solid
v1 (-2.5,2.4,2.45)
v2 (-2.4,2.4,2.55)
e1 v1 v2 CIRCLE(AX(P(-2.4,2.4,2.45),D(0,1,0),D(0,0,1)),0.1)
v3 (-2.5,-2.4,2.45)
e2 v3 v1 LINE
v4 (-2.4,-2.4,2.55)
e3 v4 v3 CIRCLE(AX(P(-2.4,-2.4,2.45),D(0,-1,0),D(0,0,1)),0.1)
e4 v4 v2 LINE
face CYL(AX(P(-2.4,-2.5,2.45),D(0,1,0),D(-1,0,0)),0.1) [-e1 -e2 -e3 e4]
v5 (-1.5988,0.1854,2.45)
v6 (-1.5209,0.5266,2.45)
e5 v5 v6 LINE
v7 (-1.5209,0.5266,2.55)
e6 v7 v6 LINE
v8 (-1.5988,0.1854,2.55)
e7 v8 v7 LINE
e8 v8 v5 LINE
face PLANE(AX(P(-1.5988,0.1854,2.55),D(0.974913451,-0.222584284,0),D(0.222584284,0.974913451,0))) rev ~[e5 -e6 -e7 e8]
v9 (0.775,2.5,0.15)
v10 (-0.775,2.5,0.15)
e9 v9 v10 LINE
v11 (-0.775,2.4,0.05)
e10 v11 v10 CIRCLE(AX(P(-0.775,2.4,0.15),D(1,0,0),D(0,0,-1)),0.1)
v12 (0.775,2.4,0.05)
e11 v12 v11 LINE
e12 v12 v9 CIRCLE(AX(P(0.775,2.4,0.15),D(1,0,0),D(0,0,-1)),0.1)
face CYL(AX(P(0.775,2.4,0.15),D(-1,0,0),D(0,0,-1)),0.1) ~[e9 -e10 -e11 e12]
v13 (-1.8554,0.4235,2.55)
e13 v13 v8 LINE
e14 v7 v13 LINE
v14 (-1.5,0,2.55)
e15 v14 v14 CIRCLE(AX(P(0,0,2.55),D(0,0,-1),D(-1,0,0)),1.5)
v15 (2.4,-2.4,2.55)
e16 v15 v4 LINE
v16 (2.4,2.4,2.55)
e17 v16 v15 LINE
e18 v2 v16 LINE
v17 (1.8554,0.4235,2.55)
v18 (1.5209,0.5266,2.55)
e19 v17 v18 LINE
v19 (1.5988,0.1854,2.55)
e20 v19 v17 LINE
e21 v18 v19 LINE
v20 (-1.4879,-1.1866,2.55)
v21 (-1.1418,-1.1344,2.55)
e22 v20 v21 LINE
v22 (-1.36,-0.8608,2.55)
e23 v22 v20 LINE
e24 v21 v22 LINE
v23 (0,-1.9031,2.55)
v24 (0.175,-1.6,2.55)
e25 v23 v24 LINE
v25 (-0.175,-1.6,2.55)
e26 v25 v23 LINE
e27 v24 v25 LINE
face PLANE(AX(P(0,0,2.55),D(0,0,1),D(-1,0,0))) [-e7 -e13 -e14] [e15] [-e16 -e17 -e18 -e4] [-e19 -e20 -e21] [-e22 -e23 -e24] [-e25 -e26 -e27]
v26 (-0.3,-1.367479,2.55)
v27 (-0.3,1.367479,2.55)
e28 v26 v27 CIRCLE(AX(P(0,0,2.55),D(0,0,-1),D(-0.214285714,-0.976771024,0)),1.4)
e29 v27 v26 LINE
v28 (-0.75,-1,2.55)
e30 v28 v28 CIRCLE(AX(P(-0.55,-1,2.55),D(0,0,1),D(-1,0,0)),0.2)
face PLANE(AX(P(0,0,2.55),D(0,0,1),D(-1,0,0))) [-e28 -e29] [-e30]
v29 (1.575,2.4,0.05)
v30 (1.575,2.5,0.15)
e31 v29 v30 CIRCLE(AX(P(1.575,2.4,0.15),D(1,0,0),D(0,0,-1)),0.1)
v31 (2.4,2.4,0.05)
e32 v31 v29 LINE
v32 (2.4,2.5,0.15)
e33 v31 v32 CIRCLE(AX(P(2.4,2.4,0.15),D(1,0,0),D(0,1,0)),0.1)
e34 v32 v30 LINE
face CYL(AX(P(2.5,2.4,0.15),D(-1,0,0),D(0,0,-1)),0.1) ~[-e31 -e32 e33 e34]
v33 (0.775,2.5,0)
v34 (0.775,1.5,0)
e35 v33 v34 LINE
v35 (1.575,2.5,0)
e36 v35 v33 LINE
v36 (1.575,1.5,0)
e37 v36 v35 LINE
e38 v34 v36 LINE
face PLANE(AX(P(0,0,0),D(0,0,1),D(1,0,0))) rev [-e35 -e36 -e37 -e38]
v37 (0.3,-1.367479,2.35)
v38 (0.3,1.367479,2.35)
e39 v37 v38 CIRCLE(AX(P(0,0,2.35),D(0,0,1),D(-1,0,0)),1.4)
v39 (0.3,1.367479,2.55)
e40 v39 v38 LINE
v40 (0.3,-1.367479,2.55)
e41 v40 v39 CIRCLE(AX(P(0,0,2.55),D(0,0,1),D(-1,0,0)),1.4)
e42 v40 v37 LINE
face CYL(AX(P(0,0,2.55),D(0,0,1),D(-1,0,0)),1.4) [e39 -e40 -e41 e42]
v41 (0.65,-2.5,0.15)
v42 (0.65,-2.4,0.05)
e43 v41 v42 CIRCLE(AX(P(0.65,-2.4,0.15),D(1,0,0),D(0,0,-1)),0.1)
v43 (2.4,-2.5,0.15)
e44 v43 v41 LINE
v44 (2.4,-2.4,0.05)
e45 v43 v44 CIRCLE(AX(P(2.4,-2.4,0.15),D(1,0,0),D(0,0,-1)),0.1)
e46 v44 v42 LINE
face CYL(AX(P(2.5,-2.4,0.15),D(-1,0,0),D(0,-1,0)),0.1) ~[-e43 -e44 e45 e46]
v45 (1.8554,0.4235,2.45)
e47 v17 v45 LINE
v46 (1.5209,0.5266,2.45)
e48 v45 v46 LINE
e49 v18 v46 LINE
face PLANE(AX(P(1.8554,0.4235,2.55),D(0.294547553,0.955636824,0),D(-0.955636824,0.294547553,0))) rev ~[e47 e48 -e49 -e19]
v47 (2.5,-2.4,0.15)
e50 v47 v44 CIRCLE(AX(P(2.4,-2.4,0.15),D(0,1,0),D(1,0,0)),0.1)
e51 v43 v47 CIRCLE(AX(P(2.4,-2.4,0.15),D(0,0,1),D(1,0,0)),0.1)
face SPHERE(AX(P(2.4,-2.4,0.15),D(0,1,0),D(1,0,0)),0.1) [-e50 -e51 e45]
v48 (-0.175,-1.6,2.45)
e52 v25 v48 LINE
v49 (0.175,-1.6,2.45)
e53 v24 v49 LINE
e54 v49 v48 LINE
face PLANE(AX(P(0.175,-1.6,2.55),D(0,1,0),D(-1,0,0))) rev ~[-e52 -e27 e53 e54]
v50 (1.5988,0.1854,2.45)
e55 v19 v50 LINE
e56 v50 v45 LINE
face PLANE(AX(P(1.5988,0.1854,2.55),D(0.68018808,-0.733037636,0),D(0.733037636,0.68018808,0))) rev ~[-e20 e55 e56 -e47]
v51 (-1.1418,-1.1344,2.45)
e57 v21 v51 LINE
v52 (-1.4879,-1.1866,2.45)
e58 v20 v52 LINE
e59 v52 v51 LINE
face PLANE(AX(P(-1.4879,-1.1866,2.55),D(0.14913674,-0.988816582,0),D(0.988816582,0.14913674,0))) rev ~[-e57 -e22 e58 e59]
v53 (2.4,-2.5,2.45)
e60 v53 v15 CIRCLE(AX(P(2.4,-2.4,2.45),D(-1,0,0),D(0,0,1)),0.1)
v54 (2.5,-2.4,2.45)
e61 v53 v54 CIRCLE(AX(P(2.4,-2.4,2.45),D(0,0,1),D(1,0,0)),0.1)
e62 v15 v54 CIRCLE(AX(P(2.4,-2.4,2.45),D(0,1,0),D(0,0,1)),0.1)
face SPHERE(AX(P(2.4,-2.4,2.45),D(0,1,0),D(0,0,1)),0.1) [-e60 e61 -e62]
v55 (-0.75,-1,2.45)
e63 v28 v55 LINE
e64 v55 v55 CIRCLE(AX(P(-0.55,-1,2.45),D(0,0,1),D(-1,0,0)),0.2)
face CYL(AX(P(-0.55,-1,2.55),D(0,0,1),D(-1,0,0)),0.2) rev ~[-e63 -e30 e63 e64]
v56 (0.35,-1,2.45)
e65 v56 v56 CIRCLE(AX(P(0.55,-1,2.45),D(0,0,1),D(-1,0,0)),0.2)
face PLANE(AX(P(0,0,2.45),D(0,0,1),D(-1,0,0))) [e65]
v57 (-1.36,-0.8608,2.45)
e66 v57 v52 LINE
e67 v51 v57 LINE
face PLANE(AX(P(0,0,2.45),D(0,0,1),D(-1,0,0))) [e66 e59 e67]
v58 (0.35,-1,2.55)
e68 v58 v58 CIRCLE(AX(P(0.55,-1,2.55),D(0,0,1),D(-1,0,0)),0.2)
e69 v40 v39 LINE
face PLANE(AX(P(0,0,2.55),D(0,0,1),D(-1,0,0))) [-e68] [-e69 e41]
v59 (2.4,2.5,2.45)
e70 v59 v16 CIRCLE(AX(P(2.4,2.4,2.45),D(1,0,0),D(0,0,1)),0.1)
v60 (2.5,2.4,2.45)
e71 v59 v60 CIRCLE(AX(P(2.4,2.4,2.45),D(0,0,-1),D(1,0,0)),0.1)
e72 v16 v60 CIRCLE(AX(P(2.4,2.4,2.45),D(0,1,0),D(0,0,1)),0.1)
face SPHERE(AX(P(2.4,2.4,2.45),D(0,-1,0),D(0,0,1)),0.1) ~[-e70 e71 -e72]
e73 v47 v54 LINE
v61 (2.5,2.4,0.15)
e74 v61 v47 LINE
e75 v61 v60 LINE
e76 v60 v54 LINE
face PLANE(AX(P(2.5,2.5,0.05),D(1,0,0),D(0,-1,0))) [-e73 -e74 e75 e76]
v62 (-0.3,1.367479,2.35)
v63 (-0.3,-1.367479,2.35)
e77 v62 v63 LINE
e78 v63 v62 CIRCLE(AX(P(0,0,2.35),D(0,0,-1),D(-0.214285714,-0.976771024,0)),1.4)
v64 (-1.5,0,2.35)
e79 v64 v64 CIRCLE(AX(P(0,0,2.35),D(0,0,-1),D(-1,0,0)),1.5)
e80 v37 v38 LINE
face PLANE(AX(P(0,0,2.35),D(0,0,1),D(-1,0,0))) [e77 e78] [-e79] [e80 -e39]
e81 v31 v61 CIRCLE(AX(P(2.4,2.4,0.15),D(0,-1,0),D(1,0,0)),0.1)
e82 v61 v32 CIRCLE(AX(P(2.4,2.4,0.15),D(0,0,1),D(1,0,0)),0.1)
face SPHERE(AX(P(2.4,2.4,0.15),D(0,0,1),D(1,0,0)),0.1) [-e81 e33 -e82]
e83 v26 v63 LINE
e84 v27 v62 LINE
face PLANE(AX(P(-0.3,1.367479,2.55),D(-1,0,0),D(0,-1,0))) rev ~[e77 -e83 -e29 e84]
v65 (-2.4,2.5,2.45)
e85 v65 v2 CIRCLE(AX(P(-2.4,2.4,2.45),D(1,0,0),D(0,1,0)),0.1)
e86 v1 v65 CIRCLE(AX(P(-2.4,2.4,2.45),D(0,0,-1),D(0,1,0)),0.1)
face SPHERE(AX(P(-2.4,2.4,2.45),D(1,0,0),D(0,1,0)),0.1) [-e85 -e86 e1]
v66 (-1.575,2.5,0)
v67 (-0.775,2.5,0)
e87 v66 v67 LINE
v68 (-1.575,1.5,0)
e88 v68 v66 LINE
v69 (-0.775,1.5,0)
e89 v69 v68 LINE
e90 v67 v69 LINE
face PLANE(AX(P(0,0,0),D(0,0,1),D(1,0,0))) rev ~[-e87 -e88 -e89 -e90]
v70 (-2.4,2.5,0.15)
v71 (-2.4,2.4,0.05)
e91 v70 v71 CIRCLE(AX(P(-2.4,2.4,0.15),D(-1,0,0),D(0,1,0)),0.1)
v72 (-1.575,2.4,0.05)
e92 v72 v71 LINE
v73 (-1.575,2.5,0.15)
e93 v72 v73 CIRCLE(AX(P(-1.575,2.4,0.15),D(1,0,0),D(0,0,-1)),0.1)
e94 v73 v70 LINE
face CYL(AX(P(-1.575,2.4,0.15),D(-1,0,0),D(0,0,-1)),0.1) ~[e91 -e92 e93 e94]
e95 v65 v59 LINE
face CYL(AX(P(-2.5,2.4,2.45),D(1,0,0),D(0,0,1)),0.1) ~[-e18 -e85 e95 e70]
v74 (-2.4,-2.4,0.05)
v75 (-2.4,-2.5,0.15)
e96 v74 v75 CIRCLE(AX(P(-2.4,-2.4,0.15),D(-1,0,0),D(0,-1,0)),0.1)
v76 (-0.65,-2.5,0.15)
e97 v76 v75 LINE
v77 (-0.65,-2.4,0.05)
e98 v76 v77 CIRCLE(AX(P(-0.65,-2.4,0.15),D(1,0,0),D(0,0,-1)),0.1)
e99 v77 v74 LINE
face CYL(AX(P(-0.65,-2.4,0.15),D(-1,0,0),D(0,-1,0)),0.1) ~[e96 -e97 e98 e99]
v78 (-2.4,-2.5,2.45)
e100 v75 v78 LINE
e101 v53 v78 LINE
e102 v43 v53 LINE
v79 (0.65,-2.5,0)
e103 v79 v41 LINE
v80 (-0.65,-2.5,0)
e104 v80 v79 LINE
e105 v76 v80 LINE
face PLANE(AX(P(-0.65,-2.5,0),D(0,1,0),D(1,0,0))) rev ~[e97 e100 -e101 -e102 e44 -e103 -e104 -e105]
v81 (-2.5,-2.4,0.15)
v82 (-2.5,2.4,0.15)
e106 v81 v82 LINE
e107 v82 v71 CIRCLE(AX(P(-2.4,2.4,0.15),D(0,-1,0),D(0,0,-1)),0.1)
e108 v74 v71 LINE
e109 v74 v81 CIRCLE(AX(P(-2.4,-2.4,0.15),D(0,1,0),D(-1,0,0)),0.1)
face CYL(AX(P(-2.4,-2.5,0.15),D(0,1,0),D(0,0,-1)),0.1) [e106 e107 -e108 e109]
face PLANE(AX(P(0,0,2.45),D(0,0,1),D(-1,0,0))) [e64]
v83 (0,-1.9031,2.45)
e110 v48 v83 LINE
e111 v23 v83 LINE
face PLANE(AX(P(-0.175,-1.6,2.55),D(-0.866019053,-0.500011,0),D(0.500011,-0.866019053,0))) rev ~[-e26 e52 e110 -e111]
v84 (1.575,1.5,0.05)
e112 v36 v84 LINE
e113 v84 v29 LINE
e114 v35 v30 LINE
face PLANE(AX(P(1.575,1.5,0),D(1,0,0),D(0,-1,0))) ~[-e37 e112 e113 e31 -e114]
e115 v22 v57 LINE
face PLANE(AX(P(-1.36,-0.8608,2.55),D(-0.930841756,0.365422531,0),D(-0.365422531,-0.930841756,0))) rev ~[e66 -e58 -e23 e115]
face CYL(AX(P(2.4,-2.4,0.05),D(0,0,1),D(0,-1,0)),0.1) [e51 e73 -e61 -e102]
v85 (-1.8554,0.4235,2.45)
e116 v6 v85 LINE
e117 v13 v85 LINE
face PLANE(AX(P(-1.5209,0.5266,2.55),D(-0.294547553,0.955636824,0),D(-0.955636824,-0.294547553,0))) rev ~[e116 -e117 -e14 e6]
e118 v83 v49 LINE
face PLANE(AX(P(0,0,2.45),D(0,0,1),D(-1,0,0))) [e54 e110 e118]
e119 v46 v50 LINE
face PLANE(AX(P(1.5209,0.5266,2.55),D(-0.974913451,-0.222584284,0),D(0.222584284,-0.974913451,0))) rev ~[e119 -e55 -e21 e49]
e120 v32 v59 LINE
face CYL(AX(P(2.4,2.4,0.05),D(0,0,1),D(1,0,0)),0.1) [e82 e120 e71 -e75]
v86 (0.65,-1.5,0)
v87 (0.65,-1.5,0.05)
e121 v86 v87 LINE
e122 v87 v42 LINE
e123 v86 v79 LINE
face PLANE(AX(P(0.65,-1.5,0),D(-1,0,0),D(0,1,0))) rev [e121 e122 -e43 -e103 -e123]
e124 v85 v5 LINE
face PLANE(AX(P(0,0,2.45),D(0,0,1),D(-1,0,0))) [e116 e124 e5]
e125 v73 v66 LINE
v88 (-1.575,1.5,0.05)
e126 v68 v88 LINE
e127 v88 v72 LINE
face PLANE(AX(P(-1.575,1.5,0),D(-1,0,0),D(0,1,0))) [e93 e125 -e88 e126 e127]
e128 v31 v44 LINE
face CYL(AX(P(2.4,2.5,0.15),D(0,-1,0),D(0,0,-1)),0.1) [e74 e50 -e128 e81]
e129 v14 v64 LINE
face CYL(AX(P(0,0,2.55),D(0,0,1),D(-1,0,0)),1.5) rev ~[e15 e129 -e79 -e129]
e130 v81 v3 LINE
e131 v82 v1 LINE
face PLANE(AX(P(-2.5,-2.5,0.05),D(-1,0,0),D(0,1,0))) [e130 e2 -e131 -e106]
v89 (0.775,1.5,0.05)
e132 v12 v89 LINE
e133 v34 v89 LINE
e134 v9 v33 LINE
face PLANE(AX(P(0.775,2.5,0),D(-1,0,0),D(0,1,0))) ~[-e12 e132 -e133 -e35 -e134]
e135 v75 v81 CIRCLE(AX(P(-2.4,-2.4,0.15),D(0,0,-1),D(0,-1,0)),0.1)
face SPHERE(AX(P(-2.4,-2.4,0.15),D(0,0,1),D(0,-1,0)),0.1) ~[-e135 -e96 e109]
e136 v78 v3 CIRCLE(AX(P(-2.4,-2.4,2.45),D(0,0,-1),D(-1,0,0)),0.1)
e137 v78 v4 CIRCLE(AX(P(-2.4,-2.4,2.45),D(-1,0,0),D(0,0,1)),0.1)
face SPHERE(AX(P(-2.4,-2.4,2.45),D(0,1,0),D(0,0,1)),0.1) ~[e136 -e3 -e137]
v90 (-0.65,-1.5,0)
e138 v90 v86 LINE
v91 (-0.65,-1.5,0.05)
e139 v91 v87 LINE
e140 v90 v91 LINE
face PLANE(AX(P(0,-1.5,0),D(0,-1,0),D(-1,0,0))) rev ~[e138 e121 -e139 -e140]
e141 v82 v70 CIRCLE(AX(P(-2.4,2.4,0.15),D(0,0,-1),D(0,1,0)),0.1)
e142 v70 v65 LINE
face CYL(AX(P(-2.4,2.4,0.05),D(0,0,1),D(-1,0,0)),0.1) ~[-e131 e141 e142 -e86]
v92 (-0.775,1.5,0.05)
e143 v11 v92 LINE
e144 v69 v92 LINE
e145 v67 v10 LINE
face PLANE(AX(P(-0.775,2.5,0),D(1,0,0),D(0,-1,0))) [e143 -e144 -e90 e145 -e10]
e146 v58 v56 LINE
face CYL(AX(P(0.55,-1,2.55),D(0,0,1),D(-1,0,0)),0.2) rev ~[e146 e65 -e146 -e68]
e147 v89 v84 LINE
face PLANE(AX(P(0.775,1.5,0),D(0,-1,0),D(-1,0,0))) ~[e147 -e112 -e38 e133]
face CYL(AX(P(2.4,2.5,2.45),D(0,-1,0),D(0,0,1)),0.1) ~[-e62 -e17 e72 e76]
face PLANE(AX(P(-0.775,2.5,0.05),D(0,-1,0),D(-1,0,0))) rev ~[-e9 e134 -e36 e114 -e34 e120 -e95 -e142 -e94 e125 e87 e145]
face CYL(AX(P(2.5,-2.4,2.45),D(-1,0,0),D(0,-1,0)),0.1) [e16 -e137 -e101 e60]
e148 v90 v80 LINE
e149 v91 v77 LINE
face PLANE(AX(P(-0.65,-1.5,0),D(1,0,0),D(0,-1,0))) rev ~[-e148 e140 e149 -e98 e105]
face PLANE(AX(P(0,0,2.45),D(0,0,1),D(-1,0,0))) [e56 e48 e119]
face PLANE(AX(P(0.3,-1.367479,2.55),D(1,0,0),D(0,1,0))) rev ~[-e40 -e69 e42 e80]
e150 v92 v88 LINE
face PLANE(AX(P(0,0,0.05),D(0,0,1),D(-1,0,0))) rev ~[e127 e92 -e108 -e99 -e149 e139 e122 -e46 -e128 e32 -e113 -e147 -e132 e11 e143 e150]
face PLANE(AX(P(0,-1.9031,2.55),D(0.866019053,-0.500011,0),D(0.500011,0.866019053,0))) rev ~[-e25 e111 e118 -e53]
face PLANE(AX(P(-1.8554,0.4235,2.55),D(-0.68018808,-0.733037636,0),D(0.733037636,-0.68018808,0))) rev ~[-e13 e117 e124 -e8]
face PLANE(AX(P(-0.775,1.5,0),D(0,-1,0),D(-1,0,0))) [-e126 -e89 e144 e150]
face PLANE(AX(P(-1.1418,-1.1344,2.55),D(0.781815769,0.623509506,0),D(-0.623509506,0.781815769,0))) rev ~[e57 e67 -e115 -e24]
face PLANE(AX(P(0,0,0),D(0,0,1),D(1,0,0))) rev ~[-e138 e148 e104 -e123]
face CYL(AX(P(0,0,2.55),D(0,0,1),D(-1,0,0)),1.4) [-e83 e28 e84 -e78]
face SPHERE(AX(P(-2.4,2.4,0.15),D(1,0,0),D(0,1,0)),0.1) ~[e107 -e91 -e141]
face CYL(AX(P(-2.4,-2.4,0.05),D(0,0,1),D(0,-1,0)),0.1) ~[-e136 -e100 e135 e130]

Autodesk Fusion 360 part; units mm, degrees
sketch "Sketch1" plane through (0, 0, 0) normal (0, 0, 1) x (1, 0, 0)
  line L0 (-1.575, 2.5) -> (-0.775, 2.5)
  line L1 (-0.775, 2.5) -> (-0.775, 1.5)
  line L2 (-0.775, 1.5) -> (-1.575, 1.5)
  line L3 (-1.575, 1.5) -> (-1.575, 2.5)
  line L4 (0, -1.5) -> (-0.65, -1.5)
  line L5 (-0.65, -1.5) -> (-0.65, -2.5)
  line L6 (-0.65, -2.5) -> (0, -2.5)
  line L7 (0, -2.5) -> (0, -1.5)
  dimension "d1" = 0.65
  dimension "d2" = 0.8
  dimension "d3" = 1
  dimension "d4" = 1
  dimension "d5" = 0.775
  dimension "d6" = 2.5
  dimension "d7" = 2.5
  dimension "d8" = 0.65
extrude "Extrude1" add sketch "Sketch1" along normal blind 0.05 makes body 1 at (-1.3083, 2.1667, 0) makes body 2 at (-0.4333, -1.8333, 0)
mirror "Mirror1" about plane through (0, 0, 0) normal (1, 0, 0) of bodies 1 2 makes body 3 at (1.3083, 2.1667, 0)
sketch "Sketch2" plane through (0, 0, 0.05) normal (0, 0, 1) x (-1, 0, 0)
  line L0 (1.575, -1.5) -> (0.775, -1.5)
  line L1 (0.775, -1.5) -> (0.775, -2.5)
  line L2 (0.775, -2.5) -> (1.575, -2.5)
  line L3 (1.575, -2.5) -> (1.575, -1.5)
  line L4 (2.5, -2.5) -> (-2.5, -2.5)
  line L5 (-2.5, -2.5) -> (-2.5, 2.5)
  line L6 (-2.5, 2.5) -> (2.5, 2.5)
  line L7 (2.5, 2.5) -> (2.5, -2.5)
  dimension "d13" = 2.5
  dimension "d14" = 2.5
  dimension "d15" = 5
  dimension "d16" = 5
extrude "Extrude2" add sketch "Sketch2" along normal blind 2.5 bodies 1 2 3
sketch "Sketch3" plane through (0, 0, 2.55) normal (0, 0, 1) x (-1, 0, 0)
  line L0 (2.5, 2.5) -> (-2.5, 2.5)
  line L1 (-2.5, 2.5) -> (-2.5, -2.5)
  line L2 (-2.5, -2.5) -> (2.5, -2.5)
  line L3 (2.5, -2.5) -> (2.5, 2.5)
  circle A0 centre (0, 0) radius 1.5
  circle A1 centre (0, 0) radius 1.4
  line L4 (0.3, -1.4697) -> (0.3, 1.4697)
  line L5 (-0.3, 1.4697) -> (-0.3, -1.4697)
  dimension "d19" = 3
  dimension "d20" = -0.1
  dimension "d21" = 0.3
  dimension "d22" = 0.3
extrude "Extrude3" cut sketch "Sketch3" against normal blind 0.2 contours A0 A1 L4 | A0 A1 L4 L5 | A0 A1 L4 L5 | A0 A1 L5 | A1 L4 L5 bodies 1
sketch "Sketch4" plane through (0, 0, 2.55) normal (0, 0, 1) x (-1, 0, 0)
  line L0 (0.3, 1.3675) -> (0.3, -1.3675)
  arc A0 (0.3, -1.3675) -> (0.3, 1.3675) centre (0, 0) ccw
  circle A1 centre (0.55, 1) radius 0.2
  circle A2 centre (-0.55, 1) radius 0.2
  line L1 (0.175, 1.6) -> (0, 1.9031)
  line L2 (0, 1.9031) -> (-0.175, 1.6)
  line L3 (-0.175, 1.6) -> (0.175, 1.6)
  line L4 (0, 0) -> (0, 2.2) construction
  line L5 (-1.8554, -0.4235) -> (-1.5209, -0.5266)
  line L6 (-1.5209, -0.5266) -> (-1.5988, -0.1854)
  line L7 (-1.5988, -0.1854) -> (-1.8554, -0.4235)
  line L8 (1.8554, -0.4235) -> (1.5988, -0.1854)
  line L9 (1.5988, -0.1854) -> (1.5209, -0.5266)
  line L10 (1.5209, -0.5266) -> (1.8554, -0.4235)
  line L11 (1.4879, 1.1866) -> (1.1418, 1.1344)
  line L12 (1.1418, 1.1344) -> (1.36, 0.8608)
  line L13 (1.36, 0.8608) -> (1.4879, 1.1866)
  dimension "d25" = 0.55
  dimension "d26" = 0.55
  dimension "d27" = 0.4
  dimension "d28" = 0.4
  dimension "d29" = 1
  dimension "d30" = 1
  dimension "d33" = 1.6
  dimension "d34" = 0.35
  dimension "d36" = 360
extrude "Extrude4" cut sketch "Sketch4" against normal blind 0.1 contours A1 | A2 bodies 1
extrude "Extrude6" cut sketch "Sketch4" against normal blind 0.1 contours L1 L2 L3 | L5 L6 L7 | L8 L9 L10 | L11 L12 L13 bodies 1
fillet "Fillet1" radius 0.1 15 edges at (2.5, 0, 2.55) (0, 2.5, 2.55) (2.5, 2.5, 1.3) (2.5, 0, 0.05) (2.0375, 2.5, 0.05) (0, 2.5, 0.05) (-2.0375, 2.5, 0.05) (-2.5, 2.5, 1.3) (-2.5, 0, 2.55) (0, -2.5, 2.55) (2.5, -2.5, 1.3) (-2.5, -2.5, 1.3) (-1.575, -2.5, 0.05) (1.575, -2.5, 0.05) (-2.5, 0, 0.05) on bodies 1
extrude "Extrude5" [suppressed]
equation "d1 = ( 1.3 / 2 ) * 1 mm"
equation "d5 = ( 2.35 / 2 ) * 1 mm - 0.4 mm"
